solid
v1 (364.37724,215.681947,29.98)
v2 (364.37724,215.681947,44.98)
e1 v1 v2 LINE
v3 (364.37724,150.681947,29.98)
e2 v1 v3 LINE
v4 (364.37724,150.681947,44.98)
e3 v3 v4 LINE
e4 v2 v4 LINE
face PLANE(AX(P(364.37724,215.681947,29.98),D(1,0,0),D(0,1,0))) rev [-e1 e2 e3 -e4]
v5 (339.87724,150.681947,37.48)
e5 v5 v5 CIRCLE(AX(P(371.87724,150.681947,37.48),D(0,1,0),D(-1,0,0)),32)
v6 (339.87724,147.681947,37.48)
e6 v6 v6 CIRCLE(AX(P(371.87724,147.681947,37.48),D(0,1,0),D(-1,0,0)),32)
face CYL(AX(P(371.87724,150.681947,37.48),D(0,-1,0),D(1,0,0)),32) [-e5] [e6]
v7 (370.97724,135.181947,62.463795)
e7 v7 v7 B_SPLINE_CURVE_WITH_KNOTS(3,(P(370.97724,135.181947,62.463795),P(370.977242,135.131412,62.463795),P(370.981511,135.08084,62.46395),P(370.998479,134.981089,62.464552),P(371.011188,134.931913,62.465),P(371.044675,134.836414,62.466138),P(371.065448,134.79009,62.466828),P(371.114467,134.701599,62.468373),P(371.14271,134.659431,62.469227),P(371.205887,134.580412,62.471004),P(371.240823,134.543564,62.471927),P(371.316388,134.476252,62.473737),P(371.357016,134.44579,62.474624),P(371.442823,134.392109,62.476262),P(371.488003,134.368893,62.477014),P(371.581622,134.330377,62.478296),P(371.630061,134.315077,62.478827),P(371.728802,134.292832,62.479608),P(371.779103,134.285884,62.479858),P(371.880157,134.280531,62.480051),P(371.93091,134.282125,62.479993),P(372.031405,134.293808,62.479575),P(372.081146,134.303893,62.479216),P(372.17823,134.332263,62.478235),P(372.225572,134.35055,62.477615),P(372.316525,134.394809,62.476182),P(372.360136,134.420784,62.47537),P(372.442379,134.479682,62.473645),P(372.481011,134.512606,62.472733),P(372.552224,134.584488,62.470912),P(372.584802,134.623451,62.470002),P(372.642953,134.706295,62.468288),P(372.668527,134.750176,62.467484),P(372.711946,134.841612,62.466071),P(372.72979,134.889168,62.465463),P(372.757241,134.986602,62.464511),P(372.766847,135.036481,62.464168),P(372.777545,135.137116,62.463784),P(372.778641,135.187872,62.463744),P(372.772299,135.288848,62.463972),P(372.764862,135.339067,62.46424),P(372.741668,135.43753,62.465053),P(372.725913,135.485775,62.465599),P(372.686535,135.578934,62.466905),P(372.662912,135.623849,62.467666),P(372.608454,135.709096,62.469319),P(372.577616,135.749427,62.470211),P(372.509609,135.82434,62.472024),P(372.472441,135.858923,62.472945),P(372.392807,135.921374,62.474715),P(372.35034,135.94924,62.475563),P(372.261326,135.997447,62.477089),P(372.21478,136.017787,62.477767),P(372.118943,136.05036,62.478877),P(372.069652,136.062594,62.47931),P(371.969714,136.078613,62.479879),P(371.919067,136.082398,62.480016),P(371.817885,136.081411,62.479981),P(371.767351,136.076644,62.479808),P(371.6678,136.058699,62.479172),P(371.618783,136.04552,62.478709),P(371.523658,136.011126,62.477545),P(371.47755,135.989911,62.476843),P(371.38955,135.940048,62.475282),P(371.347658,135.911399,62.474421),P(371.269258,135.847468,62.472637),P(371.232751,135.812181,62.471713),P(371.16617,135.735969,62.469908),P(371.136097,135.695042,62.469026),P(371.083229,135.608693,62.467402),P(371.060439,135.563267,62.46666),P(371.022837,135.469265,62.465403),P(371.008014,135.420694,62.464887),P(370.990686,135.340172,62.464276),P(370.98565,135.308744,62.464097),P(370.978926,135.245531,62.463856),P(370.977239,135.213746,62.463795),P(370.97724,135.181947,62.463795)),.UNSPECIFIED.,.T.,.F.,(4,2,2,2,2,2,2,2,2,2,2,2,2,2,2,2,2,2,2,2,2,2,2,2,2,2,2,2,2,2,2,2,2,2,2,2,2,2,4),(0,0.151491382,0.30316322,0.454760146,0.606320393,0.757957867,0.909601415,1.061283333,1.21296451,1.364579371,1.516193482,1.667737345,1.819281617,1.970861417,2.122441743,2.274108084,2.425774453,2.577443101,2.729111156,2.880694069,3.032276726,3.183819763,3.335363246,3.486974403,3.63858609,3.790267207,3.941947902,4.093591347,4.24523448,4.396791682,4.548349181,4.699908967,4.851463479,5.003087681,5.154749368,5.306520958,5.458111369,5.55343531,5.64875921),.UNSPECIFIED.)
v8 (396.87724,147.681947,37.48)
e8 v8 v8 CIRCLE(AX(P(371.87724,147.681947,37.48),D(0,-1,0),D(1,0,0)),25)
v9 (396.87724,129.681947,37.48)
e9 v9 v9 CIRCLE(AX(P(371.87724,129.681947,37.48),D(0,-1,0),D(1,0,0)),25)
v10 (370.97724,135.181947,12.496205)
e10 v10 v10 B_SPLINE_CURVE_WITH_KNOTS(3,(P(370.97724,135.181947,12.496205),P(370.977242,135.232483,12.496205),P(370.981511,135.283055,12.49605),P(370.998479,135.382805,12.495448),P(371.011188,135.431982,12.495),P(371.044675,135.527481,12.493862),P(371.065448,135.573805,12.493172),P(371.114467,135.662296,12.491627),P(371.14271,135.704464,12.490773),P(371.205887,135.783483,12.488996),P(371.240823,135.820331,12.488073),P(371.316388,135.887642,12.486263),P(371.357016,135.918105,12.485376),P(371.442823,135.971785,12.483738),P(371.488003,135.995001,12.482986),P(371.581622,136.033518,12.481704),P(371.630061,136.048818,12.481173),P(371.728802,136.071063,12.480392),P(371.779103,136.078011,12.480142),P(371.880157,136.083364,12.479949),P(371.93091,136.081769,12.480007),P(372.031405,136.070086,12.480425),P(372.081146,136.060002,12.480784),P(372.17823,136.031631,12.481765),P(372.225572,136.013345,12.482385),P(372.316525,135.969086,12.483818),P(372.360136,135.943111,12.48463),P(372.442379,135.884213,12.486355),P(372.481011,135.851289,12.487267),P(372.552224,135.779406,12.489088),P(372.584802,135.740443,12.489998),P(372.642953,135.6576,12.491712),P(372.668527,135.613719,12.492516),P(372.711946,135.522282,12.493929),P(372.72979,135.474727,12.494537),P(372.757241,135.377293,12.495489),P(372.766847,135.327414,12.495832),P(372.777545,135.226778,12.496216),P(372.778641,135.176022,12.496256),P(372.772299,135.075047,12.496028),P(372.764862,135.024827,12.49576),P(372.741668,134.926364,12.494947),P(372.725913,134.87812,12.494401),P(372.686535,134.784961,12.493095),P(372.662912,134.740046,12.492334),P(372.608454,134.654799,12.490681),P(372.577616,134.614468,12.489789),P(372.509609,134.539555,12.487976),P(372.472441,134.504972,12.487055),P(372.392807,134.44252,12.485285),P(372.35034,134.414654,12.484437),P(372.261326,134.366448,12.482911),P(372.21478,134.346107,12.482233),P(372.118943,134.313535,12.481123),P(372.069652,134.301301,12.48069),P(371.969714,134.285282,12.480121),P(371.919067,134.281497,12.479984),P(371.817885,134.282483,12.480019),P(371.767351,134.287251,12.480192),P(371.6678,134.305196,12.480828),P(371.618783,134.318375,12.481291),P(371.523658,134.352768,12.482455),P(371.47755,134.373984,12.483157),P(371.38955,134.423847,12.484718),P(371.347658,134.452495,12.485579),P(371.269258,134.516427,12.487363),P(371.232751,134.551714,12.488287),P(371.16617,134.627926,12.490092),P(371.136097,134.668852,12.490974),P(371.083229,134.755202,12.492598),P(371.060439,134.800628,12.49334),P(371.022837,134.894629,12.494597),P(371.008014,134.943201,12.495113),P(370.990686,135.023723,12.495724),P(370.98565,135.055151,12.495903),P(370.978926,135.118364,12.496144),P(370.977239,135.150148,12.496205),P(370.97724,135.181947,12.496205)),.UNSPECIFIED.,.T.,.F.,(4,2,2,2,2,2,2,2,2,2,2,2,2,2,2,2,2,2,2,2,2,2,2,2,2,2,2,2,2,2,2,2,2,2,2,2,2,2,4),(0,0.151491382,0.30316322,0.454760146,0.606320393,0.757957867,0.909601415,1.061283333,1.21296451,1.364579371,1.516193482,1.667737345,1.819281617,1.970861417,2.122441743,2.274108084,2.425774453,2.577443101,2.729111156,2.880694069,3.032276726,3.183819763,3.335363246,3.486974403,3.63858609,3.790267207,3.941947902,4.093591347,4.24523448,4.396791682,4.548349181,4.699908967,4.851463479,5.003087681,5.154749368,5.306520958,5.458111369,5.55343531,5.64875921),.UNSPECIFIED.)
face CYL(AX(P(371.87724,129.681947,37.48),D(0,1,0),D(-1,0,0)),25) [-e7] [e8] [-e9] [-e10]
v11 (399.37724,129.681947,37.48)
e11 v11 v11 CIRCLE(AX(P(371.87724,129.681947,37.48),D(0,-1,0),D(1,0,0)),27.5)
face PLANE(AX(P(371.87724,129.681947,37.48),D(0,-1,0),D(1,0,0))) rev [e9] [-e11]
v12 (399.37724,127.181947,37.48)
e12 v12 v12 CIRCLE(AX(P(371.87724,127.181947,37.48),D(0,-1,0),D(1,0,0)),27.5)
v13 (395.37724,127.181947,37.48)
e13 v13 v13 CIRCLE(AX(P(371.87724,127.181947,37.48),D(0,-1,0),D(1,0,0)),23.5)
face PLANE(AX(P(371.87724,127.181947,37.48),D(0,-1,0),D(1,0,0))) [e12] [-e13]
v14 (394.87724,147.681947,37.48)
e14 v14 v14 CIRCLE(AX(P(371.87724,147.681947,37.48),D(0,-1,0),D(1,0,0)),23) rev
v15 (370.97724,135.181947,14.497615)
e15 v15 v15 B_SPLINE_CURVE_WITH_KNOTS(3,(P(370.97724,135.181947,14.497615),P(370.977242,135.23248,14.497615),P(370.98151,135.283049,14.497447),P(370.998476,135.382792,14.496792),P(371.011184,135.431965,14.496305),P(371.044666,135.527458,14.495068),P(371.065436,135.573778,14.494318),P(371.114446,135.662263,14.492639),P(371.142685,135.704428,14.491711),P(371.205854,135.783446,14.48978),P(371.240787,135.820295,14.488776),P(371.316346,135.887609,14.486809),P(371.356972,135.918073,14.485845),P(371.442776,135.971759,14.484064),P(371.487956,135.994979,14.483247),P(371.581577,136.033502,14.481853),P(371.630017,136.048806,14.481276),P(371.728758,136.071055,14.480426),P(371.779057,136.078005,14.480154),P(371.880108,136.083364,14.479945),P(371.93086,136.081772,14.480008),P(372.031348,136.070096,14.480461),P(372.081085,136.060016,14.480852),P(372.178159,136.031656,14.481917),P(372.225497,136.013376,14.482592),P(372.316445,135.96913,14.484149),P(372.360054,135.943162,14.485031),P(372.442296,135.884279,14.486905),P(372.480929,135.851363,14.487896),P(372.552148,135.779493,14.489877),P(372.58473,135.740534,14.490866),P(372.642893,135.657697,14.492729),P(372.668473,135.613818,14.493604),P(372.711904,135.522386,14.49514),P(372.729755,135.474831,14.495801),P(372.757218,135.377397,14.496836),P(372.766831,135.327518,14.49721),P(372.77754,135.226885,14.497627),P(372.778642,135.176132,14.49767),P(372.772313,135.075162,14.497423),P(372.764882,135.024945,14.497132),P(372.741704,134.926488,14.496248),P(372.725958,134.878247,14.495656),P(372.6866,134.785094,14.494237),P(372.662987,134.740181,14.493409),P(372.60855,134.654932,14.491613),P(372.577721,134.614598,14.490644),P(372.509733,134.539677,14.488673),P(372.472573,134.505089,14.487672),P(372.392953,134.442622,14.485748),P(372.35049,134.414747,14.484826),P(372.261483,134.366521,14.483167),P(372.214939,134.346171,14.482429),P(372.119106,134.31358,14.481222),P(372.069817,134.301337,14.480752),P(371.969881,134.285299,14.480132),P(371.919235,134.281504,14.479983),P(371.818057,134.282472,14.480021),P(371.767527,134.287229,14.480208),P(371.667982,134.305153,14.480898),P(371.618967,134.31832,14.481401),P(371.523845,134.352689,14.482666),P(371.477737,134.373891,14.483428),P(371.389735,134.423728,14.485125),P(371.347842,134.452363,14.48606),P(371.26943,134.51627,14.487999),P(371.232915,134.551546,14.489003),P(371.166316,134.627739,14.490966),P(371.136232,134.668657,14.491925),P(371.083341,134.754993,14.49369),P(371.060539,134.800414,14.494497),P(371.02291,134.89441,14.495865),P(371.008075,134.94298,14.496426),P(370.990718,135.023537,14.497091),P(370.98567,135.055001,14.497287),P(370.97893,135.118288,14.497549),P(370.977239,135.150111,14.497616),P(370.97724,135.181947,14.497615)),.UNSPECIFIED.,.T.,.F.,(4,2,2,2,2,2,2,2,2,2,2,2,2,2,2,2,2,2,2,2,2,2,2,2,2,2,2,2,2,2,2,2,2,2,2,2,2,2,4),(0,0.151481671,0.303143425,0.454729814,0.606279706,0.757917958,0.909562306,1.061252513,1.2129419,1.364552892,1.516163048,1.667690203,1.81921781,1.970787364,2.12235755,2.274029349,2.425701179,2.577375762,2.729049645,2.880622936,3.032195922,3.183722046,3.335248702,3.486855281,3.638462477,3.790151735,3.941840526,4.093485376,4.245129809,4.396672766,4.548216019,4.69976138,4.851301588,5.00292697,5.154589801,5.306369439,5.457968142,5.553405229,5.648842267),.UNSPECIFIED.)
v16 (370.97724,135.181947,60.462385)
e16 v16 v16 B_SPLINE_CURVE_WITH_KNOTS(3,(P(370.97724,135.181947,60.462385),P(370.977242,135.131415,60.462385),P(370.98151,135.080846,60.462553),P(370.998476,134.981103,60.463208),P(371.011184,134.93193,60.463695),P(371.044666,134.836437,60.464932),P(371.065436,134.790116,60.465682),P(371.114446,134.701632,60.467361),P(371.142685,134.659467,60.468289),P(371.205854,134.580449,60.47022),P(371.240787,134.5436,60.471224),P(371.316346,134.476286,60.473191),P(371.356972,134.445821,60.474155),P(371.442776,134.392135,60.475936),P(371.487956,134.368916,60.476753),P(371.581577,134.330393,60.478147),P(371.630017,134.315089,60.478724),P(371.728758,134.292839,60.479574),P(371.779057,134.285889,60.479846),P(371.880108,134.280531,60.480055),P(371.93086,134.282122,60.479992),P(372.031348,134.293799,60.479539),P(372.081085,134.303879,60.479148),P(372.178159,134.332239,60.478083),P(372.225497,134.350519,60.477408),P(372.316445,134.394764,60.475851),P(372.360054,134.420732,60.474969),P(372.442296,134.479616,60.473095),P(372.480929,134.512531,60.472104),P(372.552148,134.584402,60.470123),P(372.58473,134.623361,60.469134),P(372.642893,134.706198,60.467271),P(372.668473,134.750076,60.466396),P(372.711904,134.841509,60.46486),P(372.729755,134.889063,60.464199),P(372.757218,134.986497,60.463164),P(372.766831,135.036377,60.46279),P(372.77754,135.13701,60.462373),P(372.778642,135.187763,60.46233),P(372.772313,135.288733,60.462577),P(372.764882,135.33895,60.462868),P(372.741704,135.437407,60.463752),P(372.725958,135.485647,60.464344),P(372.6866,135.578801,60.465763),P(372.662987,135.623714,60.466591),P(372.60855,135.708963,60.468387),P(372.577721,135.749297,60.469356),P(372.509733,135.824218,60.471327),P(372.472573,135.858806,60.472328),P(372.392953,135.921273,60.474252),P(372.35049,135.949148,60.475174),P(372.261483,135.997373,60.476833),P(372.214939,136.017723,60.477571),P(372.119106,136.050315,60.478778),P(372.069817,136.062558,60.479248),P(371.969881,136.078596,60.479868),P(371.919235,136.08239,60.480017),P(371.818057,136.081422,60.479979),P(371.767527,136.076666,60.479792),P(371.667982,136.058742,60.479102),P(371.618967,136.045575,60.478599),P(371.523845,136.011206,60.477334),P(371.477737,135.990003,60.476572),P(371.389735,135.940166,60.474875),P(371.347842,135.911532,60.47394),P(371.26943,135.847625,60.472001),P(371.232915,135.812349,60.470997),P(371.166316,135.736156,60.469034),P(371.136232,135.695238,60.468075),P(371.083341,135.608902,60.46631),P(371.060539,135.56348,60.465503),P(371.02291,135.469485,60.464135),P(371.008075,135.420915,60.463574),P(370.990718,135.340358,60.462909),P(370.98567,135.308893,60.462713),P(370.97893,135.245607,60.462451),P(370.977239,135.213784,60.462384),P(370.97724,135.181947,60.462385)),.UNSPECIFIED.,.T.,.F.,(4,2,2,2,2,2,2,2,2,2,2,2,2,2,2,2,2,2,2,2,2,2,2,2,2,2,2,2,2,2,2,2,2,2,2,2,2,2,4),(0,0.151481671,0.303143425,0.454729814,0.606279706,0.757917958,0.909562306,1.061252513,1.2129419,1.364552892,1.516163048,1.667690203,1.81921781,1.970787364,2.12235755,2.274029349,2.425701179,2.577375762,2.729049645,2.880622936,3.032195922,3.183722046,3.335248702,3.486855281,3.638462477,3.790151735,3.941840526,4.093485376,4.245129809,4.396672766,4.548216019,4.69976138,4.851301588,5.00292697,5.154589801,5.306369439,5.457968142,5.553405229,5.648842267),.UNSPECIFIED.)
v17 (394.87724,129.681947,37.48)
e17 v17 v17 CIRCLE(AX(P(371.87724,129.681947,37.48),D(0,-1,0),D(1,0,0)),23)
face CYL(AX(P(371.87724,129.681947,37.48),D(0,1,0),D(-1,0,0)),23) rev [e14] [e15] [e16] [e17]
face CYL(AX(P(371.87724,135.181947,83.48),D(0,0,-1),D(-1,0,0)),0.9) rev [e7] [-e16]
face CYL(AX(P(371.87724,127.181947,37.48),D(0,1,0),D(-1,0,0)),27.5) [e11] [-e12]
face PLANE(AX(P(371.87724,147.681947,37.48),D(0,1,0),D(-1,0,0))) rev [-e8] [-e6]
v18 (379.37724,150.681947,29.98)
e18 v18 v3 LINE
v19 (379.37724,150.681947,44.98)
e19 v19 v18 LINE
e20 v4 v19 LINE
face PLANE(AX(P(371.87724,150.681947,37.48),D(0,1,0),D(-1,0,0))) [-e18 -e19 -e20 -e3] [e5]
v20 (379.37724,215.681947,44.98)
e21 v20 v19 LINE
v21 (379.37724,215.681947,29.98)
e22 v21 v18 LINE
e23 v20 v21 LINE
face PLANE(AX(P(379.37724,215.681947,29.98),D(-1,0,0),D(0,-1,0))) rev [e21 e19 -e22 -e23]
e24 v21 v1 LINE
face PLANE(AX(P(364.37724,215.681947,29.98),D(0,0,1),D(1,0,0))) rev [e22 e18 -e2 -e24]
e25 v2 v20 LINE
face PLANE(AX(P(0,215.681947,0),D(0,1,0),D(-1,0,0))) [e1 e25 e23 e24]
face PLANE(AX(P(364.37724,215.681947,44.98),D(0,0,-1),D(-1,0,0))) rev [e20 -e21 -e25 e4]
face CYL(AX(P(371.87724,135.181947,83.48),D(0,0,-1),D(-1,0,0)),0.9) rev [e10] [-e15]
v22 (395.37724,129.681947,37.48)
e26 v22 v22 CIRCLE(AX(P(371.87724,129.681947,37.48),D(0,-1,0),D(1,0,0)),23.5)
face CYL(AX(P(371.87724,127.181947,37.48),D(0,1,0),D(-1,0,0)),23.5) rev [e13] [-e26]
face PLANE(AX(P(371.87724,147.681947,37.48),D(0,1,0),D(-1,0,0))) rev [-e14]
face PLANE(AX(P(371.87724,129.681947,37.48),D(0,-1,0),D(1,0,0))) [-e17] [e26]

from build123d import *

# Parameters (mm, degrees)
SKETCH2_W               = 5
SKETCH2_H               = 74.664160083
SKETCH2_W_2             = 10
SKETCH2_H_2             = 5
SKETCH2_R               = 1.15
BOSS_EXTRUDE1_DEPTH     = 1.5
SKETCH3_W               = 13
SKETCH3_H               = 74.664160083
BOSS_EXTRUDE2_DEPTH     = 1
SKETCH5_W               = 97.96
SKETCH5_H               = 74.648794292
BOSS_EXTRUDE3_DEPTH     = 1
SKETCH6_R               = 25
SKETCH6_R_2             = 23
BOSS_EXTRUDE4_DEPTH     = 18
SKETCH8_R               = 27.5
SKETCH8_R_2             = 23.5
BOSS_EXTRUDE6_DEPTH     = 2.5
SKETCH13_W              = 18
SKETCH13_H              = 23
BOSS_EXTRUDE7_DEPTH     = 1
SKETCH15_R              = 3.75
CUT_EXTRUDE3_DEPTH      = 1
BODY_MOVE_COPY2_ANGLE   = 90
SKETCH16_R              = 3.75
BOSS_EXTRUDE8_DEPTH     = 6
SKETCH17_R              = 0.9
CUT_EXTRUDE4_DEPTH      = 46
CUT_EXTRUDE4_DEPTH_BACK = 44
SKETCH18_W              = 142.524598678
SKETCH18_H              = 112.115255427
CUT_EXTRUDE5_DEPTH      = 7
SKETCH20_R              = 32
BOSS_EXTRUDE9_DEPTH     = 3
SKETCH23_W              = 15
SKETCH23_H              = 15
BOSS_EXTRUDE11_DEPTH    = 65


with BuildPart() as part:
    # Sketch2 → Boss-Extrude1 (new body)
    with BuildSketch(Plane.XY):
        with Locations((376.369557123, 140.674264472)):
            Rectangle(SKETCH2_W, SKETCH2_H)
        with Locations((368.869557123, 175.506344513)):
            Rectangle(SKETCH2_W_2, SKETCH2_H_2)
        with Locations((366.369557123, 175.506344513)):
            Circle(SKETCH2_R, mode=Mode.SUBTRACT)
        with Locations((368.869557123, 105.84218443)):
            Rectangle(SKETCH2_W_2, SKETCH2_H_2)
        with Locations((366.369557123, 105.84218443)):
            Circle(SKETCH2_R, mode=Mode.SUBTRACT)
    boss_extrude1 = extrude(amount=BOSS_EXTRUDE1_DEPTH)

    # Sketch3 → Boss-Extrude2 (add)
    with BuildSketch(Plane(origin=(378.869557123, 0, 0), x_dir=(0, 0, -1), z_dir=(1, 0, 0))):
        with Locations((5, 140.674264472)):
            Rectangle(SKETCH3_W, SKETCH3_H)
    extrude(amount=BOSS_EXTRUDE2_DEPTH)

    # Mirror3: Boss-Extrude1 across plane
    add(boss_extrude1.mirror(Plane(origin=(0, 0, -5), x_dir=(1, 0, 0), z_dir=(0, 0, -1))))


with BuildPart() as body_2:
    # Body-Move/Copy1: copy of part
    add(part.part.moved(Location((0, 0, 84.96))))


with BuildPart() as part_1:
    add(part.part)

    add(body_2.part)  # Boss-Extrude3 merges body 2
    # Sketch5 → Boss-Extrude3 (add)
    with BuildSketch(Plane(origin=(379.869557123, 0, 0), x_dir=(0, 0, -1), z_dir=(1, 0, 0))):
        with Locations((-37.48, 140.681947367)):
            Rectangle(SKETCH5_W, SKETCH5_H)
    extrude(amount=-BOSS_EXTRUDE3_DEPTH)

    # Sketch6 → Boss-Extrude4 (add)
    with BuildSketch(Plane.ZY.offset(-378.869557123)):
        with Locations(Location((37.48, 140.674264472, 0), (0, 0, 270))):
            Circle(SKETCH6_R)
        with Locations(Location((37.48, 140.674264472, 0), (0, 0, 270))):
            Circle(SKETCH6_R_2, mode=Mode.SUBTRACT)
    extrude(amount=BOSS_EXTRUDE4_DEPTH)

    # Sketch8 → Boss-Extrude6 (add)
    with BuildSketch(Plane.ZY.offset(-360.869557123)):
        with Locations(Location((37.48, 140.674264472, 0), (0, 0, 270))):
            Circle(SKETCH8_R)
        with Locations(Location((37.48, 140.674264472, 0), (0, 0, 270))):
            Circle(SKETCH8_R_2, mode=Mode.SUBTRACT)
    extrude(amount=BOSS_EXTRUDE6_DEPTH)

    # Sketch13 → Boss-Extrude7 (add)
    with BuildSketch(Plane.ZY.offset(-378.869557123)):
        with Locations((37.48, 189.506344513)):
            Rectangle(SKETCH13_W, SKETCH13_H)
        with Locations((37.48, 91.857550221)):
            Rectangle(SKETCH13_W, SKETCH13_H)
    extrude(amount=-BOSS_EXTRUDE7_DEPTH)

    # Sketch15 → Cut-Extrude3 (cut)
    with BuildSketch(Plane.ZY.offset(-378.869557123)):
        with Locations(Location((37.48, 195.006344513, 0), (0, 0, 270))):
            Circle(SKETCH15_R)
        with Locations(Location((37.48, 86.357550221, 0), (0, 0, 270))):
            Circle(SKETCH15_R)
    extrude(amount=-CUT_EXTRUDE3_DEPTH, mode=Mode.SUBTRACT)


with BuildPart() as part_2:
    # Body-Move/Copy2: moved
    add(part_1.part.rotate(Axis((371.869557123, 140.681947367, 0), (0, 0, 1)), BODY_MOVE_COPY2_ANGLE))

    # Sketch16 → Boss-Extrude8 (add)
    with BuildSketch(Plane(origin=(0, 148.681947367, 0), x_dir=(1, 0, 0), z_dir=(0, 1, 0))):
        Polygon((334.545159977, -28.48), (334.545159977, 11.5), (409.20932006, 11.5), (409.193954269, -28.48), (432.193954269, -28.48), (432.193954269, -46.48), (409.193954269, -46.48), (409.20932006, -86.46), (334.545159977, -86.46), (334.545159977, -46.48), (311.545159977, -46.48), (311.545159977, -28.48), align=None)
        with Locations((317.545159977, -37.48)):
            Circle(SKETCH16_R, mode=Mode.SUBTRACT)
        with Locations((426.193954269, -37.48)):
            Circle(SKETCH16_R, mode=Mode.SUBTRACT)
    extrude(amount=BOSS_EXTRUDE8_DEPTH)

    # Sketch17 → Cut-Extrude4 (cut, two sides)
    with BuildSketch(Plane.XY.offset(37.48)) as cut_extrude4_sk:
        with Locations(Location((371.877240018, 135.181947367, 0), (0, 0, 180))):
            Circle(SKETCH17_R)
    extrude(amount=CUT_EXTRUDE4_DEPTH, mode=Mode.SUBTRACT)
    extrude(cut_extrude4_sk.sketch, amount=-CUT_EXTRUDE4_DEPTH_BACK, mode=Mode.SUBTRACT)

    # Sketch18 → Cut-Extrude5 (cut)
    with BuildSketch(Plane(origin=(0, 154.681947367, 0), x_dir=(1, 0, 0), z_dir=(0, 1, 0))):
        with Locations((368.644323748, -41.089189729)):
            Rectangle(SKETCH18_W, SKETCH18_H)
    extrude(amount=-CUT_EXTRUDE5_DEPTH, mode=Mode.SUBTRACT)


with BuildPart() as body_2_2:
    # of the pieces the cut leaves, the one that is kept (cut_extrude5_keep)
    add(part_2.part.solids().sort_by_distance((396.877240018, 147.681947367, 37.48))[0])

    # Sketch20 → Boss-Extrude9 (add)
    with BuildSketch(Plane(origin=(0, 147.681947367, 0), x_dir=(1, 0, 0), z_dir=(0, 1, 0))):
        with Locations(Location((371.877240018, -37.48, 0), (0, 0, 180))):
            Circle(SKETCH20_R)
    extrude(amount=BOSS_EXTRUDE9_DEPTH)

    # Sketch23 → Boss-Extrude11 (add)
    with BuildSketch(Plane(origin=(0, 150.681947367, 0), x_dir=(1, 0, 0), z_dir=(0, 1, 0))):
        with Locations((371.877240018, -37.48)):
            Rectangle(SKETCH23_W, SKETCH23_H)
    extrude(amount=BOSS_EXTRUDE11_DEPTH)


solid = body_2_2.part
